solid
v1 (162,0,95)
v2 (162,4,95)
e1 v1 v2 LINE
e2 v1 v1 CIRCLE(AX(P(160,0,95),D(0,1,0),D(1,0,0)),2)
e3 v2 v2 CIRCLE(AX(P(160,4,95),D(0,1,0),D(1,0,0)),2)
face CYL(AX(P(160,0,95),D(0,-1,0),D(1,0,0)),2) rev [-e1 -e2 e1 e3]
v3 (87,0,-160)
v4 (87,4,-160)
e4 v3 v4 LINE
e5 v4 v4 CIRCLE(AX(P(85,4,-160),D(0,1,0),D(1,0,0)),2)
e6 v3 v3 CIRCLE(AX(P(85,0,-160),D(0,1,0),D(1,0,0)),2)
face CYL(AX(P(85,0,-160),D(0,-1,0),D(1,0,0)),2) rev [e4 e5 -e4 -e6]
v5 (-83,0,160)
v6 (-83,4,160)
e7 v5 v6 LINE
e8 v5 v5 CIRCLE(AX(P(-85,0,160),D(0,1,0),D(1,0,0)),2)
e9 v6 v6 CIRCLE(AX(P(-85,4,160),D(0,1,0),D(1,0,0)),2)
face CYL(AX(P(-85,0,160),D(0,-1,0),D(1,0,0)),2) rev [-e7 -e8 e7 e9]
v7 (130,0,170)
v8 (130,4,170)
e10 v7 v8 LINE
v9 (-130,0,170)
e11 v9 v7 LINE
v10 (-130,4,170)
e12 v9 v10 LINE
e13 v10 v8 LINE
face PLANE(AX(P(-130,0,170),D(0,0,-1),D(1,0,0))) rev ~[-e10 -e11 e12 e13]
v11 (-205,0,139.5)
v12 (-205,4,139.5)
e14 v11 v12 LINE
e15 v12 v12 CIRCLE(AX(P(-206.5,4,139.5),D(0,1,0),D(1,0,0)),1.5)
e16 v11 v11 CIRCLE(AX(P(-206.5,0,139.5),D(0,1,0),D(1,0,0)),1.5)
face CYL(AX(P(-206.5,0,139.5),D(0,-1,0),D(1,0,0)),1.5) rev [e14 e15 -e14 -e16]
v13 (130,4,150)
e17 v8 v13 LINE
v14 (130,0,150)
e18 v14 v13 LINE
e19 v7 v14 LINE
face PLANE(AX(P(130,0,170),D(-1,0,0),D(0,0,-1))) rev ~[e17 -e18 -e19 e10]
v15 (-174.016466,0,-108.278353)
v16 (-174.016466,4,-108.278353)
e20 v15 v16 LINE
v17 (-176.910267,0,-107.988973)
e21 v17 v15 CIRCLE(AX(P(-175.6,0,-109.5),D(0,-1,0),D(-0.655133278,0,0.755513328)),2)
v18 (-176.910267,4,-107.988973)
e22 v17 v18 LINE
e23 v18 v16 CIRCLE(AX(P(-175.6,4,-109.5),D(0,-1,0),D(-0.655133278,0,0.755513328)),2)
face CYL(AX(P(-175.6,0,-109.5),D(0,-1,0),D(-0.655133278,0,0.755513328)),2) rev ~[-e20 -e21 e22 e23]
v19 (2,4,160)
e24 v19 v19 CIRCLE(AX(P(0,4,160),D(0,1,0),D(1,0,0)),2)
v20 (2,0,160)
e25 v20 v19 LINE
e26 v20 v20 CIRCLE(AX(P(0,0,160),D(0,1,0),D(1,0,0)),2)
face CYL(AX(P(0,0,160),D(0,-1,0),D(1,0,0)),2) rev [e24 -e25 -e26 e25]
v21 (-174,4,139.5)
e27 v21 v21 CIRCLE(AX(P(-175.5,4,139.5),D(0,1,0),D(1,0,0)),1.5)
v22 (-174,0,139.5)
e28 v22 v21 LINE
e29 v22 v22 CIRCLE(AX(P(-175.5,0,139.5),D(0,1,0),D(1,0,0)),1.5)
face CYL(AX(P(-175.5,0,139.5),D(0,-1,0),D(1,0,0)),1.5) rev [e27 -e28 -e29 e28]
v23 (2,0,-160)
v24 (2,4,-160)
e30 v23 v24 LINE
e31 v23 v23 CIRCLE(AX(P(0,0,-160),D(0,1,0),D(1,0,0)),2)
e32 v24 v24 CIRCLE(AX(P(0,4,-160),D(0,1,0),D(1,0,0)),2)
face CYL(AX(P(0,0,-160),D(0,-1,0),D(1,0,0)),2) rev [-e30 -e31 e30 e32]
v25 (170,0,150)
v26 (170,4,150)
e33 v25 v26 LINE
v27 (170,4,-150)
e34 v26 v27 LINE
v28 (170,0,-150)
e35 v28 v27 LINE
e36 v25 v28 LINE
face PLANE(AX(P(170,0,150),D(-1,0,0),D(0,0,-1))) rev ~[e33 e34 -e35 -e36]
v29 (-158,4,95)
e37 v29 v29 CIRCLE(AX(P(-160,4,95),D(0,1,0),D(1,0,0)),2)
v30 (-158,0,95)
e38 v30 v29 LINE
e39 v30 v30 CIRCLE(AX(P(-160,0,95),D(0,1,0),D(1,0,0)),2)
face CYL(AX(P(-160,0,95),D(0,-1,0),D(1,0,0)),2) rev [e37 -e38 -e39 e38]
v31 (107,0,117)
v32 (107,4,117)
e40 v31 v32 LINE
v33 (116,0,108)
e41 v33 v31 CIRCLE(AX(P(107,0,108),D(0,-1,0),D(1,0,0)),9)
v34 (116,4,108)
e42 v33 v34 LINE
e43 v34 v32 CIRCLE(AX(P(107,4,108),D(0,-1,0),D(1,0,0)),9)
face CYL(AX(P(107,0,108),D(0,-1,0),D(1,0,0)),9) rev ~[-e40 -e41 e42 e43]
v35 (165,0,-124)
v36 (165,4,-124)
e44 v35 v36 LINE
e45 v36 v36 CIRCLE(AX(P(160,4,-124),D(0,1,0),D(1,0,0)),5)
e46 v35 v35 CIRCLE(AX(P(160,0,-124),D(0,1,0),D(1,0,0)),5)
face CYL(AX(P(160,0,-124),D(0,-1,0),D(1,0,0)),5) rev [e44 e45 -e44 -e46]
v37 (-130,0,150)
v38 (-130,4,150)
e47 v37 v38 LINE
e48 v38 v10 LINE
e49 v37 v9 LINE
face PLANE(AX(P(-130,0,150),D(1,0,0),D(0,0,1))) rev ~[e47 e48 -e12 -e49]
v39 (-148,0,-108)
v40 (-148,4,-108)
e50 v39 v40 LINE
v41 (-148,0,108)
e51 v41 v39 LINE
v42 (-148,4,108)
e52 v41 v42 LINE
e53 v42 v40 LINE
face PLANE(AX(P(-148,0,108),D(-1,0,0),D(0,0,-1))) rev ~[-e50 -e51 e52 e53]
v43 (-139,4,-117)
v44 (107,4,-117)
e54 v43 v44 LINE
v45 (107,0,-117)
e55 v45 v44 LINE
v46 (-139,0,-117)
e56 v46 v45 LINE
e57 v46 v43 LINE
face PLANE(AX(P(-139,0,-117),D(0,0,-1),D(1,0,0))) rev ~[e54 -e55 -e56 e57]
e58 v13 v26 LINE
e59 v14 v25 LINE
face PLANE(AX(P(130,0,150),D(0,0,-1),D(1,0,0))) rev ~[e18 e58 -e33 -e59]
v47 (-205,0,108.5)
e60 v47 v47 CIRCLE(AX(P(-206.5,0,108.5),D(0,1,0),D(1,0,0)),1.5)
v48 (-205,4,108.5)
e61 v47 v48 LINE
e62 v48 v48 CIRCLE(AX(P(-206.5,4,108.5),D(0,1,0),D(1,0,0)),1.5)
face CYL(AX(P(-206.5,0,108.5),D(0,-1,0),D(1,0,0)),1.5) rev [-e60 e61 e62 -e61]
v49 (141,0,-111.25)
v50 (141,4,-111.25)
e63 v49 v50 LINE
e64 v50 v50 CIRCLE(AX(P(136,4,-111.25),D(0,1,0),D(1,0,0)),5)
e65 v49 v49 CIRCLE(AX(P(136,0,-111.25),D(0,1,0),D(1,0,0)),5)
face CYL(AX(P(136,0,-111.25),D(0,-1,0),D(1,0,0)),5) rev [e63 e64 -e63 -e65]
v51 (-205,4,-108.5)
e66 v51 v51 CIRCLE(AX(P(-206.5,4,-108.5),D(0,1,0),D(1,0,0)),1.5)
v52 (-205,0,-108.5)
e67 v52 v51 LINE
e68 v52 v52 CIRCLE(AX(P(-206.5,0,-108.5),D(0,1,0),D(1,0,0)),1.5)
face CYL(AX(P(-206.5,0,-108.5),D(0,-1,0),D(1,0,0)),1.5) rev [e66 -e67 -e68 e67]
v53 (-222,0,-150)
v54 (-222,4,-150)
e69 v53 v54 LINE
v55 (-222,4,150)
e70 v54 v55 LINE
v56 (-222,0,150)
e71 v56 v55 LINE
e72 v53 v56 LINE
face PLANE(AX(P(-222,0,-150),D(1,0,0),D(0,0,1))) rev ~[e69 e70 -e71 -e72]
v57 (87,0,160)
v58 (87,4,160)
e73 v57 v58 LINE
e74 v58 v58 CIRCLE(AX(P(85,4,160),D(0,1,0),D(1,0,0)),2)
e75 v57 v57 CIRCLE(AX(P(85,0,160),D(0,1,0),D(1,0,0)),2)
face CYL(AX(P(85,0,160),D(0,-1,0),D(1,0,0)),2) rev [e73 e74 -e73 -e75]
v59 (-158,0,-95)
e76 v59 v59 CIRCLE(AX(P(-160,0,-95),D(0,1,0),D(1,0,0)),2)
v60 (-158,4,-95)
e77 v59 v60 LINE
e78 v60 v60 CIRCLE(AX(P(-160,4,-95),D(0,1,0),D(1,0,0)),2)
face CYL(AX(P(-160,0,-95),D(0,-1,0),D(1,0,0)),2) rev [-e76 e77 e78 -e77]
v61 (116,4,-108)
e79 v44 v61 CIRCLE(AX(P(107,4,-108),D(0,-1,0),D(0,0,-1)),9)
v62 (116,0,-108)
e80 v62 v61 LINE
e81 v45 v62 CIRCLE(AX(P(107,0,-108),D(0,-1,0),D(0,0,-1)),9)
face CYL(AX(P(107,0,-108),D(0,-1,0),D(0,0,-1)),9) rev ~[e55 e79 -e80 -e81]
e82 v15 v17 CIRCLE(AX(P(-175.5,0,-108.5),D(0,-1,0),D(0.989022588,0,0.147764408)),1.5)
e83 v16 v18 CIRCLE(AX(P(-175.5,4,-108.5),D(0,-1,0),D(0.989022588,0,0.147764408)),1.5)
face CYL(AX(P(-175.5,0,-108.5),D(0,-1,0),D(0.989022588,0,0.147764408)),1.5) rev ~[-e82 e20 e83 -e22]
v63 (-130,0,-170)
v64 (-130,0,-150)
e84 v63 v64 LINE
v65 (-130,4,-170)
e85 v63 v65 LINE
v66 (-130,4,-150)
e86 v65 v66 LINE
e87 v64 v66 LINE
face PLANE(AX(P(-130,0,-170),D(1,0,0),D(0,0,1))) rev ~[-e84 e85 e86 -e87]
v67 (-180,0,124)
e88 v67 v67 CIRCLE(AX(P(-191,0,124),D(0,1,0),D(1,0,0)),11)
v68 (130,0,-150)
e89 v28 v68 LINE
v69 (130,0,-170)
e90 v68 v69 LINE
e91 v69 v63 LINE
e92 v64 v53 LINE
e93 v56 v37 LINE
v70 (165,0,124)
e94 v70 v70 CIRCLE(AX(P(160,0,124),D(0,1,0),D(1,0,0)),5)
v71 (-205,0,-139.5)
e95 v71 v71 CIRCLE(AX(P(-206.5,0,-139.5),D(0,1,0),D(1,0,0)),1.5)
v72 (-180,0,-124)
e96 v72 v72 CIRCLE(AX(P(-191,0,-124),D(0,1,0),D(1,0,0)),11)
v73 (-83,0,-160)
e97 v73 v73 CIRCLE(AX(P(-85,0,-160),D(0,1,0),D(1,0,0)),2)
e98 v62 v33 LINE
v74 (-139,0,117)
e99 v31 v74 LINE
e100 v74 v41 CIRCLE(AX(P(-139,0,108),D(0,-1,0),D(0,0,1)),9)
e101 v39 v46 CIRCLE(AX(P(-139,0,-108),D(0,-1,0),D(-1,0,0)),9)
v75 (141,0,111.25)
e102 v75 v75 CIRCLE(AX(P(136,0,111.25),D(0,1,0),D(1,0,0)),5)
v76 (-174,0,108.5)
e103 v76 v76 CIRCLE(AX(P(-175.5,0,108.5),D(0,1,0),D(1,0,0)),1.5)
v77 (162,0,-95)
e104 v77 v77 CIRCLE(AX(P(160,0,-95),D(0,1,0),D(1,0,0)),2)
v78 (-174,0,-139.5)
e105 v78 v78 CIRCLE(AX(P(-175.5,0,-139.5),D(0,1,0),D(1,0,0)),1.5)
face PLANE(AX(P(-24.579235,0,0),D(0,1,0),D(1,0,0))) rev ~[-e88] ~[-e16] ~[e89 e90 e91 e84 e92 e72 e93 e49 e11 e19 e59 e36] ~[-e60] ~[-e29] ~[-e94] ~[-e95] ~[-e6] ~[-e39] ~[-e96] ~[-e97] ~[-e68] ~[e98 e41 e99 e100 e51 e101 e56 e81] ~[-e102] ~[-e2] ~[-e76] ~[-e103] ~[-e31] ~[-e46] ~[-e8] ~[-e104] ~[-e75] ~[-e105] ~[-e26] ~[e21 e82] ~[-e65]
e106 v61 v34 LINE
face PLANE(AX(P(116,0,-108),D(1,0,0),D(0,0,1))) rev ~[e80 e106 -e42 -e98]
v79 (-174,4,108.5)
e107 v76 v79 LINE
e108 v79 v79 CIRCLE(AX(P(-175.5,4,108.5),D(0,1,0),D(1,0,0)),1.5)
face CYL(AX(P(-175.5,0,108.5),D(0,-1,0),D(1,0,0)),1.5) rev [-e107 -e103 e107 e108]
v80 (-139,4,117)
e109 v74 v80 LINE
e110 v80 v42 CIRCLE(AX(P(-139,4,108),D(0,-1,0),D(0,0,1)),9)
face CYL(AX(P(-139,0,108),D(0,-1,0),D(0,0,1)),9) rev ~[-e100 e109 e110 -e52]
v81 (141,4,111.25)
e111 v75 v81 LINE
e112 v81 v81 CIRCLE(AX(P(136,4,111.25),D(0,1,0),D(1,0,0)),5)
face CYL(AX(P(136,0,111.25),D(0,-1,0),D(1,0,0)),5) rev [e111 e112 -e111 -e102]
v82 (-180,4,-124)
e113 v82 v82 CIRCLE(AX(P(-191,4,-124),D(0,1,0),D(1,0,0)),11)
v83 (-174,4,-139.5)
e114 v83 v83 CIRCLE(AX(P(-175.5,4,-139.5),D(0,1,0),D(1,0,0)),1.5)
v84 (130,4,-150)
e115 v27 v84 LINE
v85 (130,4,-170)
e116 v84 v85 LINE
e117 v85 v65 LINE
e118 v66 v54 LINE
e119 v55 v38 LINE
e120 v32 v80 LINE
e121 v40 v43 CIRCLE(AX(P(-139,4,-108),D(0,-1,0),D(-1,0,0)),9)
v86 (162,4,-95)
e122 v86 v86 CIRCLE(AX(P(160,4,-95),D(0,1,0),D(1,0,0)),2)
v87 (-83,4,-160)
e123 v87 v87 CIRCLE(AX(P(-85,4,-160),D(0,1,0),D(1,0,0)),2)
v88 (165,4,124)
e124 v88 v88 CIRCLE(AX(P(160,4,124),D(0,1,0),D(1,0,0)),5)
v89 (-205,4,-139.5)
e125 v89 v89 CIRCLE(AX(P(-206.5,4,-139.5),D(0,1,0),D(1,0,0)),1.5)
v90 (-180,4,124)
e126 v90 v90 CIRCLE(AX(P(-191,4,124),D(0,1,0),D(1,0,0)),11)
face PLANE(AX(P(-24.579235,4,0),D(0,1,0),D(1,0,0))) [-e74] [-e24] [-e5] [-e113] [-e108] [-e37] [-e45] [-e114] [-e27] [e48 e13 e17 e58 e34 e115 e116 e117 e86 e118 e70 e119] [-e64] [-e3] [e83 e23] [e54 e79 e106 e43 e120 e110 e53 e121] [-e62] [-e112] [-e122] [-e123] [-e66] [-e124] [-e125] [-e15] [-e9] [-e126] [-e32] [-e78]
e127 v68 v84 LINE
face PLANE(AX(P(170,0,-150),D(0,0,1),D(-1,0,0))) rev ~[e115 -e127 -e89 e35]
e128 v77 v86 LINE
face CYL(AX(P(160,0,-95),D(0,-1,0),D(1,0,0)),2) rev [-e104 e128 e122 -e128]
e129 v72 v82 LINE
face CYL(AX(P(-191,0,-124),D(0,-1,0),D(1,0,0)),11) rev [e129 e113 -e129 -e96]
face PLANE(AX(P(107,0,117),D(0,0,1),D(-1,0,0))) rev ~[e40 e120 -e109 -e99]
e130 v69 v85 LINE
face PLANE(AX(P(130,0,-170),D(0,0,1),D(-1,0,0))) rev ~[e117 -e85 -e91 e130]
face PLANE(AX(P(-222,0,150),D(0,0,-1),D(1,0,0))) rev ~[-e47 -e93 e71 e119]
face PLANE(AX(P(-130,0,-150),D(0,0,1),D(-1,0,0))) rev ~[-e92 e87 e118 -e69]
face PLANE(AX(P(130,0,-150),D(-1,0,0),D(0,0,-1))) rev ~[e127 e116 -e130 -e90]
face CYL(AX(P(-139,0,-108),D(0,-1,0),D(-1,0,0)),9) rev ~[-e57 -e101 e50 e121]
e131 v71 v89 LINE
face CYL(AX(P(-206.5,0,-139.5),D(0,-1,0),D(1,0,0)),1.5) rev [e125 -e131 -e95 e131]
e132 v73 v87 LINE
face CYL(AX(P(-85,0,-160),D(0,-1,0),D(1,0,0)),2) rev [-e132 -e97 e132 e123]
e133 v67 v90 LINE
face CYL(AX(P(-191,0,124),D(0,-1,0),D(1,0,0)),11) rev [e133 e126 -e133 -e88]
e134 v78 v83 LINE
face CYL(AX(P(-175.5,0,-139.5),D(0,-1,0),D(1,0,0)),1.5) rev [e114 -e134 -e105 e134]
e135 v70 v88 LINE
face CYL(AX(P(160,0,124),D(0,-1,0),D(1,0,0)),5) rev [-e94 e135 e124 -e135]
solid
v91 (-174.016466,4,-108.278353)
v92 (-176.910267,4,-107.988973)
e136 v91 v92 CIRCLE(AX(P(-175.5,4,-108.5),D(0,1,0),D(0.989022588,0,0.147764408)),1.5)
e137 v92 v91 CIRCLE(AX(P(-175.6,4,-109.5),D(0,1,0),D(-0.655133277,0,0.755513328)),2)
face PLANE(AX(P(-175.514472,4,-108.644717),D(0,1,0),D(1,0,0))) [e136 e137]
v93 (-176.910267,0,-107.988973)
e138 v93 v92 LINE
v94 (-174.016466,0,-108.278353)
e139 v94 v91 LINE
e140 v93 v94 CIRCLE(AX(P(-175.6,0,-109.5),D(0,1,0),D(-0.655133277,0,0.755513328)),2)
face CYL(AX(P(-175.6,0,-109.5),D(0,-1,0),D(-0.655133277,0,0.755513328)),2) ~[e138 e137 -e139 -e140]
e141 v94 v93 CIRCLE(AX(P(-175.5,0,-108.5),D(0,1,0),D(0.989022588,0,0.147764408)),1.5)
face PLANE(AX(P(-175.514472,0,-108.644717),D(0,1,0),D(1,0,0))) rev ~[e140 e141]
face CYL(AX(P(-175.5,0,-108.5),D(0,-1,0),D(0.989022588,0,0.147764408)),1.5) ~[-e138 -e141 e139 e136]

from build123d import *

# Parameters (mm, degrees)
SKETCH1_R             = 5
SKETCH1_R_2           = 2
SKETCH1_R_3           = 1.5
SKETCH1_R_4           = 11
BOSS_EXTRUDE1_DEPTH   = 4
BOSS_EXTRUDE1_2_DEPTH = 4


with BuildPart() as part:
    # Sketch1 → Boss-Extrude1 (new body)
    with BuildSketch(Plane(origin=(0, 0, 0), x_dir=(1, 0, 0), z_dir=(0, 1, 0))):
        Polygon((130, -150), (170, -150), (170, 150), (130, 150), (130, 170), (-130, 170), (-130, 150), (-222, 150), (-222, -150), (-130, -150), (-130, -170), (130, -170), align=None)
        with BuildLine():
            Line((116, 108), (116, -108))
            ThreePointArc((116, -108), (113.363961031, -114.363961031), (107, -117))
            Line((107, -117), (-139, -117))
            ThreePointArc((-139, -117), (-145.363961031, -114.363961031), (-148, -108))
            Line((-148, -108), (-148, 108))
            ThreePointArc((-148, 108), (-145.363961031, 114.363961031), (-139, 117))
            Line((-139, 117), (107, 117))
            ThreePointArc((107, 117), (113.363961031, 114.363961031), (116, 108))
        make_face(mode=Mode.SUBTRACT)
        with Locations((136, -111.25)):
            Circle(SKETCH1_R, mode=Mode.SUBTRACT)
        with Locations((160, -124)):
            Circle(SKETCH1_R, mode=Mode.SUBTRACT)
        with Locations((160, -95)):
            Circle(SKETCH1_R_2, mode=Mode.SUBTRACT)
        with Locations((160, 95)):
            Circle(SKETCH1_R_2, mode=Mode.SUBTRACT)
        with Locations((136, 111.25)):
            Circle(SKETCH1_R, mode=Mode.SUBTRACT)
        with Locations((160, 124)):
            Circle(SKETCH1_R, mode=Mode.SUBTRACT)
        with Locations((85, -160)):
            Circle(SKETCH1_R_2, mode=Mode.SUBTRACT)
        with Locations((-85, -160)):
            Circle(SKETCH1_R_2, mode=Mode.SUBTRACT)
        with Locations((0, -160)):
            Circle(SKETCH1_R_2, mode=Mode.SUBTRACT)
        with Locations((85, 160)):
            Circle(SKETCH1_R_2, mode=Mode.SUBTRACT)
        with Locations((-85, 160)):
            Circle(SKETCH1_R_2, mode=Mode.SUBTRACT)
        with Locations((0, 160)):
            Circle(SKETCH1_R_2, mode=Mode.SUBTRACT)
        with Locations((-160, 95)):
            Circle(SKETCH1_R_2, mode=Mode.SUBTRACT)
        with Locations((-160, -95)):
            Circle(SKETCH1_R_2, mode=Mode.SUBTRACT)
        with Locations((-175.5, -108.5)):
            Circle(SKETCH1_R_3, mode=Mode.SUBTRACT)
        with Locations((-206.5, -139.5)):
            Circle(SKETCH1_R_3, mode=Mode.SUBTRACT)
        with Locations((-175.5, -139.5)):
            Circle(SKETCH1_R_3, mode=Mode.SUBTRACT)
        with Locations((-206.5, -108.5)):
            Circle(SKETCH1_R_3, mode=Mode.SUBTRACT)
        with Locations((-191, -124)):
            Circle(SKETCH1_R_4, mode=Mode.SUBTRACT)
        with Locations((-175.5, 139.5)):
            Circle(SKETCH1_R_3, mode=Mode.SUBTRACT)
        with Locations((-206.5, 139.5)):
            Circle(SKETCH1_R_3, mode=Mode.SUBTRACT)
        with Locations((-206.5, 108.5)):
            Circle(SKETCH1_R_3, mode=Mode.SUBTRACT)
        with Locations((-191, 124)):
            Circle(SKETCH1_R_4, mode=Mode.SUBTRACT)
        with BuildLine():
            ThreePointArc((-174.016466118, 108.278353388), (-175.350744421, 107.007444215), (-176.910266555, 107.988973344))
            ThreePointArc((-176.910266555, 107.988973344), (-175.799007438, 111.49007438), (-174.016466118, 108.278353388))
        make_face(mode=Mode.SUBTRACT)
    extrude(amount=BOSS_EXTRUDE1_DEPTH)


with BuildPart() as body_2:
    # Sketch1 → Boss-Extrude1 2 (new body)
    with BuildSketch(Plane(origin=(0, 0, 0), x_dir=(1, 0, 0), z_dir=(0, 1, 0))):
        with BuildLine():
            ThreePointArc((-174.016466118, 108.278353388), (-175.649255579, 109.992555785), (-176.910266555, 107.988973344))
            ThreePointArc((-176.910266555, 107.988973344), (-175.400992562, 107.50992562), (-174.016466118, 108.278353388))
        make_face()
    extrude(amount=BOSS_EXTRUDE1_2_DEPTH)


solid = Compound([part.part, body_2.part])
